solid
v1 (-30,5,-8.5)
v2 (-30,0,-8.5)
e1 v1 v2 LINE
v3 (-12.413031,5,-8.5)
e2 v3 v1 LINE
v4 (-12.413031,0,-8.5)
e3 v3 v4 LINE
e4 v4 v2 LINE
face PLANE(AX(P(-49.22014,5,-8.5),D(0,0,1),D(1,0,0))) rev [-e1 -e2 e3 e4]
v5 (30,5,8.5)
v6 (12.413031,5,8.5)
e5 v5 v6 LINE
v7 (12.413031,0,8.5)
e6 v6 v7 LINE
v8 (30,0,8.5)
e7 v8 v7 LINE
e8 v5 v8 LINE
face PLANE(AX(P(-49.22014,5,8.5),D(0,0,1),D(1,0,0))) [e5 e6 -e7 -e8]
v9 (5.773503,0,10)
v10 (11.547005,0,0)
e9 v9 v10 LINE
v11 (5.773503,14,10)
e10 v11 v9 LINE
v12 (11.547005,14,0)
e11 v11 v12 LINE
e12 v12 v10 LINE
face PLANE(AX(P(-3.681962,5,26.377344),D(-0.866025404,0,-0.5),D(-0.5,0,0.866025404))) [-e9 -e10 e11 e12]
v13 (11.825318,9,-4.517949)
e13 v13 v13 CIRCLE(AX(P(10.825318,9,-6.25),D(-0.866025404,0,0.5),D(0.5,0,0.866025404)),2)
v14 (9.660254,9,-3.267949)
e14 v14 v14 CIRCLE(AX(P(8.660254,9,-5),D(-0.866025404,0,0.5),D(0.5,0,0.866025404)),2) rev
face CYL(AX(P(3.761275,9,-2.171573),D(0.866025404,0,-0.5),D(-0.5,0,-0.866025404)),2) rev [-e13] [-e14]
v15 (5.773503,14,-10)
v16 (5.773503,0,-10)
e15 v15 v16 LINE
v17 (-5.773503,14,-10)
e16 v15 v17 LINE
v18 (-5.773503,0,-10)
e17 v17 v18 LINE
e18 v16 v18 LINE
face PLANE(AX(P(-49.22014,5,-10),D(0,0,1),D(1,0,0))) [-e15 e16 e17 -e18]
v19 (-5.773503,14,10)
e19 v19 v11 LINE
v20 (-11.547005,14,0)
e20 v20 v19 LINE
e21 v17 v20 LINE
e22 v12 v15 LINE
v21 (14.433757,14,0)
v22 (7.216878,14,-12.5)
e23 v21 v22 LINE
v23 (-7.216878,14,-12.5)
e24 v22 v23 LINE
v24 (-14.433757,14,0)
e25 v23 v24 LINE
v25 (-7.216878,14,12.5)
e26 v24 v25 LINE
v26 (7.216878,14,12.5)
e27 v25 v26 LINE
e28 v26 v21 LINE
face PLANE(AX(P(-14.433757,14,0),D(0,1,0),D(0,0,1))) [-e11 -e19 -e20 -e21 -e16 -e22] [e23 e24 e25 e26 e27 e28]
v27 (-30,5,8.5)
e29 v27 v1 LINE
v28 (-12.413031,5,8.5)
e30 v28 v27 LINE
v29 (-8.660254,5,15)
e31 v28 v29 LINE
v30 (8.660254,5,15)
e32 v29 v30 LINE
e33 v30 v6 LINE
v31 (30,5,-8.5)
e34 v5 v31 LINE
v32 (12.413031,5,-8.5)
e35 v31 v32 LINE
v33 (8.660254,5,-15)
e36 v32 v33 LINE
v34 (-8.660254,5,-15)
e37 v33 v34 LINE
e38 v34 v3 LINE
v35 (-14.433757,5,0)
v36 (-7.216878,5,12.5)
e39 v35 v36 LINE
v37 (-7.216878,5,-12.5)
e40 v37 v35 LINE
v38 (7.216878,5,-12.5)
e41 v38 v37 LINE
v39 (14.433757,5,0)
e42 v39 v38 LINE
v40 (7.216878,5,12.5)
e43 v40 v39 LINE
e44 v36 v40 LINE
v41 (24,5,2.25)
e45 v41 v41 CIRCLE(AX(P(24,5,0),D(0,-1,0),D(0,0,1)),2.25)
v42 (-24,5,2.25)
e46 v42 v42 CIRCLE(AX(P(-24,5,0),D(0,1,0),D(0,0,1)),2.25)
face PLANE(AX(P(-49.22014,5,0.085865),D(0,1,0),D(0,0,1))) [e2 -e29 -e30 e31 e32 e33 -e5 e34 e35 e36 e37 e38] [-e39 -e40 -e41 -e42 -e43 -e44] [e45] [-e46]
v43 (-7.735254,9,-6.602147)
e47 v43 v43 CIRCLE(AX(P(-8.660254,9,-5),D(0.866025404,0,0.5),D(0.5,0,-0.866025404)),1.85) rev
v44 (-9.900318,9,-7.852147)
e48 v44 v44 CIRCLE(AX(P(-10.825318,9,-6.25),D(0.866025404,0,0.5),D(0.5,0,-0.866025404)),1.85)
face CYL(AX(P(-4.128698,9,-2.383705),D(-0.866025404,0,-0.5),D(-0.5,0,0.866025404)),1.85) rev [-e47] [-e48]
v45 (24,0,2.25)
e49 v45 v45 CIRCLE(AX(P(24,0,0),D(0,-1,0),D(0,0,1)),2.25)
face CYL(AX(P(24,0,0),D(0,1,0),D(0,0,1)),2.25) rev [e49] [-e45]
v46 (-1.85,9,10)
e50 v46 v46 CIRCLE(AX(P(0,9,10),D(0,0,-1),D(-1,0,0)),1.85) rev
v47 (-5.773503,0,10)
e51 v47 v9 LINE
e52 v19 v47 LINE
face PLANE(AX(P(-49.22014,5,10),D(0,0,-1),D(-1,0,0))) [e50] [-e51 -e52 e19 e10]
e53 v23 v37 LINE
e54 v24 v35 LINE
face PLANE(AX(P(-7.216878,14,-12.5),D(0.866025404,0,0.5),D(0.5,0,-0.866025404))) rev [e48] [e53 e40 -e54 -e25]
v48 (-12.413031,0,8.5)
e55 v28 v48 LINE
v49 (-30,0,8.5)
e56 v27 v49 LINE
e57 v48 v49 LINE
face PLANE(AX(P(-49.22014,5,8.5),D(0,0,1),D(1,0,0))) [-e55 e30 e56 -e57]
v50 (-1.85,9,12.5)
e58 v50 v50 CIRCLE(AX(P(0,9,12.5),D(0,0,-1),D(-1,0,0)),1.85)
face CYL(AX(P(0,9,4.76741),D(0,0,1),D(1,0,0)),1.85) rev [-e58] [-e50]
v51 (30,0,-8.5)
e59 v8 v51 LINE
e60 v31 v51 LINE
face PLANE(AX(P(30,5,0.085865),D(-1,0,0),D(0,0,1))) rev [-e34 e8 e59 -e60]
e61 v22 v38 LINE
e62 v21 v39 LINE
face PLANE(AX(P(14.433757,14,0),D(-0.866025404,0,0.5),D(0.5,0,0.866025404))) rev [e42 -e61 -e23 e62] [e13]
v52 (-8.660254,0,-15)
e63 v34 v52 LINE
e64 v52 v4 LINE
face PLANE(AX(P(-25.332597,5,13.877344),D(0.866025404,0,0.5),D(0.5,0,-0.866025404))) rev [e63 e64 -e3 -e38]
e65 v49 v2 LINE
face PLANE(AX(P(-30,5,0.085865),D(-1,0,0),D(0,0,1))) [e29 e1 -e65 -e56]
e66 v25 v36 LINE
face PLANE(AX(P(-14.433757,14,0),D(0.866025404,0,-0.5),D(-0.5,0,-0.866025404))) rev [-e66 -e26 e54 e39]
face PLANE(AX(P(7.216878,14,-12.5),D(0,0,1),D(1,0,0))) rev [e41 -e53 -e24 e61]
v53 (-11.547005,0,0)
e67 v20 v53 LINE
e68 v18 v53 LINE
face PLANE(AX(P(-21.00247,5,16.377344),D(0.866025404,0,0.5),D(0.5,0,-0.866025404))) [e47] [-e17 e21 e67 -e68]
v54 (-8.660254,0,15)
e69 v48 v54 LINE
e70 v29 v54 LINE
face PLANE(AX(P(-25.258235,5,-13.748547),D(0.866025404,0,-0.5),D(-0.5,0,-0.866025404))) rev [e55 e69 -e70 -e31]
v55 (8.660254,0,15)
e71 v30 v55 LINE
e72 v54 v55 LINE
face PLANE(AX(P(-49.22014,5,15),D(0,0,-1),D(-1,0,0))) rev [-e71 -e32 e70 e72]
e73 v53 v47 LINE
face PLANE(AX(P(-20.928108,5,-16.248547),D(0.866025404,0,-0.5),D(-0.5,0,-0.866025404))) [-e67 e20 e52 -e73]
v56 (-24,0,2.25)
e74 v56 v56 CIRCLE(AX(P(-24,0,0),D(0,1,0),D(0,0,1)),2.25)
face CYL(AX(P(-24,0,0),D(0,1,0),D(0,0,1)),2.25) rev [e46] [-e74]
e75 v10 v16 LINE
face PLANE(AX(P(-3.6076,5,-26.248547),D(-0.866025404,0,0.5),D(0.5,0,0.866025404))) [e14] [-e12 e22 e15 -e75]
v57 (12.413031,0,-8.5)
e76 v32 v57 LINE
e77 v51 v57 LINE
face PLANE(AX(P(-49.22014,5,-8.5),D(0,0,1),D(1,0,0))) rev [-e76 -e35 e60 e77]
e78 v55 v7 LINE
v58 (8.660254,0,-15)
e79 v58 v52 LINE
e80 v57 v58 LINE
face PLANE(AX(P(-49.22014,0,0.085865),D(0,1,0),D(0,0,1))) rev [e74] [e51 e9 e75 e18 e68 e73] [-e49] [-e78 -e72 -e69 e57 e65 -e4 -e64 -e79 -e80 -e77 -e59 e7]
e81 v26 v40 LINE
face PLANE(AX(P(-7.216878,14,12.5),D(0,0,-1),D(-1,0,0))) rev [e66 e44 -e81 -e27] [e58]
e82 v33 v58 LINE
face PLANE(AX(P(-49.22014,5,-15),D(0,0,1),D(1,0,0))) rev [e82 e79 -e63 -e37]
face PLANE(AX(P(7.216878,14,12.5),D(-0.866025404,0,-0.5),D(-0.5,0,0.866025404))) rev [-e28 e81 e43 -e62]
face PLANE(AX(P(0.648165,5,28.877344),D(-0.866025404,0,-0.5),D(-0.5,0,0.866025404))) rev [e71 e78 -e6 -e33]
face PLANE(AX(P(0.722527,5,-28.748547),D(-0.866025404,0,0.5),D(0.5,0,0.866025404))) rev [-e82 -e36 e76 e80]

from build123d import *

# Parameters (mm, degrees)
BOSS_EXTRUDE1_DEPTH = 5
BOSS_EXTRUDE2_DEPTH = 9
SKETCH4_R           = 2.25
CUT_EXTRUDE1_DEPTH  = 6
SKETCH5_R           = 1.85
CUT_EXTRUDE2_DEPTH  = 5
SKETCH6_R           = 2
CUT_EXTRUDE3_DEPTH  = 5
SKETCH7_R           = 1.85
CUT_EXTRUDE4_DEPTH  = 5


with BuildPart() as part:
    # Sketch1 → Boss-Extrude1 (new body)
    with BuildSketch(Plane(origin=(0, 0, 0), x_dir=(1, 0, 0), z_dir=(0, 1, 0))):
        Polygon((-30, -8.5), (-12.413030788, -8.5), (-8.660254038, -15), (8.660254038, -15), (12.413030788, -8.5), (30, -8.5), (30, 8.5), (12.413030788, 8.5), (8.660254038, 15), (-8.660254038, 15), (-12.413030788, 8.5), (-30, 8.5), align=None)
        Polygon((-5.773502692, -10), (-11.547005384, 0), (-5.773502692, 10), (5.773502692, 10), (11.547005384, 0), (5.773502692, -10), align=None, mode=Mode.SUBTRACT)
    extrude(amount=BOSS_EXTRUDE1_DEPTH)

    # Sketch3 → Boss-Extrude2 (add)
    with BuildSketch(Plane(origin=(0, 5, 0), x_dir=(1, 0, 0), z_dir=(0, 1, 0))):
        Polygon((-14.43375673, 0), (-7.216878365, -12.5), (7.216878365, -12.5), (14.43375673, 0), (7.216878365, 12.5), (-7.216878365, 12.5), align=None)
        Polygon((-11.547005384, 0), (-5.773502692, -10), (5.773502692, -10), (11.547005384, 0), (5.773502692, 10), (-5.773502692, 10), align=None, mode=Mode.SUBTRACT)
    extrude(amount=BOSS_EXTRUDE2_DEPTH)

    # Sketch4 → Cut-Extrude1 (cut, through all)
    with BuildSketch(Plane(origin=(0, 5, 0), x_dir=(1, 0, 0), z_dir=(0, 1, 0))):
        with Locations(Location((-24, 0, 0), (0, 0, 270))):  # turned: the seam where the file's is
            Circle(SKETCH4_R)
    cut_extrude1 = extrude(amount=-CUT_EXTRUDE1_DEPTH, mode=Mode.SUBTRACT)

    # Mirror1: Cut-Extrude1 across plane
    add(cut_extrude1.mirror(Plane(origin=(0, 0, 0), x_dir=(0, 0, 1), z_dir=(1, 0, 0))), mode=Mode.SUBTRACT)

    # Sketch5 → Cut-Extrude2 (cut)
    with BuildSketch(Plane.XY.offset(15)):
        with Locations(Location((0, 9, 0), (0, 0, 180))):  # turned: the seam where the file's is
            Circle(SKETCH5_R)
    extrude(amount=-CUT_EXTRUDE2_DEPTH, mode=Mode.SUBTRACT)

    # Sketch6 → Cut-Extrude3 (cut)
    with BuildSketch(Plane(origin=(12.990381057, 0, -7.5), x_dir=(-0.5, 0, -0.866025404), z_dir=(0.866025404, 0, -0.5))):
        with Locations(Location((0, 9, 0), (0, 0, 180))):  # turned: the seam where the file's is
            Circle(SKETCH6_R)
    extrude(amount=-CUT_EXTRUDE3_DEPTH, mode=Mode.SUBTRACT)

    # Sketch7 → Cut-Extrude4 (cut)
    with BuildSketch(Plane(origin=(-12.990381057, 0, -7.5), x_dir=(-0.5, 0, 0.866025404), z_dir=(-0.866025404, 0, -0.5))):
        with Locations(Location((0, 9, 0), (0, 0, 180))):  # turned: the seam where the file's is
            Circle(SKETCH7_R)
    extrude(amount=-CUT_EXTRUDE4_DEPTH, mode=Mode.SUBTRACT)


solid = part.part
